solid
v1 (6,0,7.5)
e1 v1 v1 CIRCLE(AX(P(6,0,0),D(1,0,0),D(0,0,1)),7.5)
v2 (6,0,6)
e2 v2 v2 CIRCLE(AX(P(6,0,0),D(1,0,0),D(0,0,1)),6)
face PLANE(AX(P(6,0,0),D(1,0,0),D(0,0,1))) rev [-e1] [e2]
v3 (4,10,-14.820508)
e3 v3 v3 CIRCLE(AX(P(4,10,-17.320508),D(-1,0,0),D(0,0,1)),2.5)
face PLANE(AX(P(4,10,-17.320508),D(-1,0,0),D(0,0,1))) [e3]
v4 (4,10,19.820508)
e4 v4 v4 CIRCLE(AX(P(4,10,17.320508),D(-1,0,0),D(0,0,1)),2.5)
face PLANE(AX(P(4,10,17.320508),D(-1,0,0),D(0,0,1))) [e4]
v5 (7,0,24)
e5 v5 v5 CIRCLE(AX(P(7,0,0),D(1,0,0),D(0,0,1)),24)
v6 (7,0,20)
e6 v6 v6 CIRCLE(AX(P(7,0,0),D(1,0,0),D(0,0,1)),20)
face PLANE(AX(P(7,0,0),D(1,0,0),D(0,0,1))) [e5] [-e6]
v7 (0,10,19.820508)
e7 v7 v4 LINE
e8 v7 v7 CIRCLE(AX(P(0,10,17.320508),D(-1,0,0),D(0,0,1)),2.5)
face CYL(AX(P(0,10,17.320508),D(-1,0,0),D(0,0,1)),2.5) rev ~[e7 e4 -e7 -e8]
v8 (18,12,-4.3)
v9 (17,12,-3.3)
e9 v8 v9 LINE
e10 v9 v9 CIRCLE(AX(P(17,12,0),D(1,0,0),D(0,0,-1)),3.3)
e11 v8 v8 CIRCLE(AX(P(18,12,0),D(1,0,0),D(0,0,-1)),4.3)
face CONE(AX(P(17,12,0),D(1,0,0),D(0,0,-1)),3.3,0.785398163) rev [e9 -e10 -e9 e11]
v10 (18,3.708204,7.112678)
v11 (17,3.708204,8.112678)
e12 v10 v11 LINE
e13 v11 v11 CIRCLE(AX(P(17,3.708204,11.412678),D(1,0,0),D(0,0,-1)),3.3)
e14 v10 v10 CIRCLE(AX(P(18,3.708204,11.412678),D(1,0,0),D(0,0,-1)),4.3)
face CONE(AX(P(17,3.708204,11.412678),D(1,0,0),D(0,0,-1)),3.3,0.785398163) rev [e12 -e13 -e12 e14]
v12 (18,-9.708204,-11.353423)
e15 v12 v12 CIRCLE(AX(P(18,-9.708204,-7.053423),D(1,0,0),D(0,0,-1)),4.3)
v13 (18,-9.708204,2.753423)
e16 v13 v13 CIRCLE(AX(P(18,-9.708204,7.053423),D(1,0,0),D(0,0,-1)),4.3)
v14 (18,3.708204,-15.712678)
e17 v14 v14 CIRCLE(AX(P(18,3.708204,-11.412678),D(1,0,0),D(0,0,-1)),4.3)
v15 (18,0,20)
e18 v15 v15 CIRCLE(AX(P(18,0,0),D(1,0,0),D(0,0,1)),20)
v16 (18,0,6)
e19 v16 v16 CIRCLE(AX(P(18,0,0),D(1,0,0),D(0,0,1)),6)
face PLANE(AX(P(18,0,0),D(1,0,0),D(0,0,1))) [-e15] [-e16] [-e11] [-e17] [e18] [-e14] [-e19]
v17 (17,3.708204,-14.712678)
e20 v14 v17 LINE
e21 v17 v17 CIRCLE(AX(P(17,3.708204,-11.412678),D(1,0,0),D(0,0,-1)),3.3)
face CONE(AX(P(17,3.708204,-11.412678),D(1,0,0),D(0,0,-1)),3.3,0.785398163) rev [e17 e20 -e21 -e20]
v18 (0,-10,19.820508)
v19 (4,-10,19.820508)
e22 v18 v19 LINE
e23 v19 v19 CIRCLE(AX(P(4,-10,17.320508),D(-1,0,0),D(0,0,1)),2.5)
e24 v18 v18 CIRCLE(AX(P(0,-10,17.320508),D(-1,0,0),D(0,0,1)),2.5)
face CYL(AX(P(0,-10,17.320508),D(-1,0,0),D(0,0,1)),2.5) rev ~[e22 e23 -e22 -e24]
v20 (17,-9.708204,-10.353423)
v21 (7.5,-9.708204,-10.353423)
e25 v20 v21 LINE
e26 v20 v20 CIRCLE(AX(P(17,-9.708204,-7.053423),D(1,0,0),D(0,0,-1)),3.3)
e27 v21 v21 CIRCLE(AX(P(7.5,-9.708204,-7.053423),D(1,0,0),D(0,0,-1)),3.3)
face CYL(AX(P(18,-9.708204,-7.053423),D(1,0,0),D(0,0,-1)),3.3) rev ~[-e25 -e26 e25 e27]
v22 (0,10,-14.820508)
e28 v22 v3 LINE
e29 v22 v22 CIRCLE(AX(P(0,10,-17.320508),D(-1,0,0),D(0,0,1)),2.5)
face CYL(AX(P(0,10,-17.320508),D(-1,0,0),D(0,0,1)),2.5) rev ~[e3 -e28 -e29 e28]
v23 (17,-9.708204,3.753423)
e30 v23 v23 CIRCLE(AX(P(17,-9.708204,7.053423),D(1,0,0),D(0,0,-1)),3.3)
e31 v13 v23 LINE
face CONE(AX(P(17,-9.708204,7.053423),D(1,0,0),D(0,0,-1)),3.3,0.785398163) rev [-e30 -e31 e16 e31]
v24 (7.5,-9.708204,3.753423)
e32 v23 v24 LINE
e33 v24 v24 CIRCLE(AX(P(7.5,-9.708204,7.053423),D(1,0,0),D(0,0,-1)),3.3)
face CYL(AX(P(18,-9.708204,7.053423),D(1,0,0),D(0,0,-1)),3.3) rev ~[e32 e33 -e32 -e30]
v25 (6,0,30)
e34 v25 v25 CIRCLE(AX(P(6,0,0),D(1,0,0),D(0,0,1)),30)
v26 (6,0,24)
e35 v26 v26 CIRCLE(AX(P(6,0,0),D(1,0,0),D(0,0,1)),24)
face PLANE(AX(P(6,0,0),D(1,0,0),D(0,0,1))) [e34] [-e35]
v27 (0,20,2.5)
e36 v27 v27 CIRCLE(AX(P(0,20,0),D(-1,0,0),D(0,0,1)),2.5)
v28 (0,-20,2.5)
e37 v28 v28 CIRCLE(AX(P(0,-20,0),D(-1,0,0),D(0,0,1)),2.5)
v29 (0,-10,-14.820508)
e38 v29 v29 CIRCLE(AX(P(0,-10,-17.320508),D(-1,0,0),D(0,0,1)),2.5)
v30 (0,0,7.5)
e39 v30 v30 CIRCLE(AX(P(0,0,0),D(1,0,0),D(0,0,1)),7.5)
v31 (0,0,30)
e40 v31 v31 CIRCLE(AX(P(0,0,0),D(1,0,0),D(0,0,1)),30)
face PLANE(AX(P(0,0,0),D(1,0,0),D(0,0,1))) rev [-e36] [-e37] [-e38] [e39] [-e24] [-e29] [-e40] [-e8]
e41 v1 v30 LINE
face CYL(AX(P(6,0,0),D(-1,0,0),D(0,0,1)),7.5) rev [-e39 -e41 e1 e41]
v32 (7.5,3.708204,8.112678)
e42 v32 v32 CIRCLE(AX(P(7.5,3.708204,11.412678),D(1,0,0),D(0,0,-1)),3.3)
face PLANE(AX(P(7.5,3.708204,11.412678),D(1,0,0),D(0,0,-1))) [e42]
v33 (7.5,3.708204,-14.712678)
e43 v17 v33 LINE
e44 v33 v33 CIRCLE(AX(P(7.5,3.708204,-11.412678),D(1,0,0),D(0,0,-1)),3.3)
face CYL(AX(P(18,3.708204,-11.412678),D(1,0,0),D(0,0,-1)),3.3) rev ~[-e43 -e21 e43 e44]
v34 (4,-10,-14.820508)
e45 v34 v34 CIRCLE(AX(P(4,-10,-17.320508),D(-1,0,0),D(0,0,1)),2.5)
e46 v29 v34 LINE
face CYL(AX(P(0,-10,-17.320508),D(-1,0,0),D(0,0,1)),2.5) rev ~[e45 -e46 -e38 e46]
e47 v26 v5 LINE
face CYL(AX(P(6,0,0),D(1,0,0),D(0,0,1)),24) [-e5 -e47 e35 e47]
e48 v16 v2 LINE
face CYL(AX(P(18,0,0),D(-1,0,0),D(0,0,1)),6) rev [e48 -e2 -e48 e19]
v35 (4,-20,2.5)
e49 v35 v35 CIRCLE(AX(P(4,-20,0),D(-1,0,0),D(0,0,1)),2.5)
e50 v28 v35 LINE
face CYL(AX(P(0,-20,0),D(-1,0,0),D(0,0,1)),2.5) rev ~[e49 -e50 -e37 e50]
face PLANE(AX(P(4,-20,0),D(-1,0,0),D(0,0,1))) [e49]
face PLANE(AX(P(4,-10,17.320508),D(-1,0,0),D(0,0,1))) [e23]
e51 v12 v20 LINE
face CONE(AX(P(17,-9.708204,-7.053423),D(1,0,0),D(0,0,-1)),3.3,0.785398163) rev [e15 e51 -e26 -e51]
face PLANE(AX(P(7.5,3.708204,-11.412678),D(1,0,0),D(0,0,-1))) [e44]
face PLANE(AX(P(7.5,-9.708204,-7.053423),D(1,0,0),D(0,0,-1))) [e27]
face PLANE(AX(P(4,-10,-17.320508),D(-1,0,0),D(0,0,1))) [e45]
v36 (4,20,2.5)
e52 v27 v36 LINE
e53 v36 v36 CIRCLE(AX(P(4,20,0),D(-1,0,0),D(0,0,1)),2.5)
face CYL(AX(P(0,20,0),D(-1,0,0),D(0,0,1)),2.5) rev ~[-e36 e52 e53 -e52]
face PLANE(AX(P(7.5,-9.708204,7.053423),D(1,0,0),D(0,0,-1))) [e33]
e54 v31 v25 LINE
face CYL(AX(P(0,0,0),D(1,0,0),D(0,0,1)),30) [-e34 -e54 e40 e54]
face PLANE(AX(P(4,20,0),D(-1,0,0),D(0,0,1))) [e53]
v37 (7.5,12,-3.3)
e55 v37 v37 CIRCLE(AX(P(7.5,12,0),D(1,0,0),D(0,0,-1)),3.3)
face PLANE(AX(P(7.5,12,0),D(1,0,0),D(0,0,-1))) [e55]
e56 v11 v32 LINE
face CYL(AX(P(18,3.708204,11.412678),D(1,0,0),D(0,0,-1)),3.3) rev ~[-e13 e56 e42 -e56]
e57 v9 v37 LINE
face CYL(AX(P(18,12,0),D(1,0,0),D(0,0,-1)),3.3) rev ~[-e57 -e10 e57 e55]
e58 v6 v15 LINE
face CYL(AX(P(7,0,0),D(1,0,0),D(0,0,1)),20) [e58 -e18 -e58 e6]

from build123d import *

# Parameters (mm, degrees)
SKETCH2_R          = 2.5
CUT_EXTRUDE1_DEPTH = 4
SKETCH3_R          = 3.3
CUT_EXTRUDE2_DEPTH = 10.5
CHAMFER1_SIZE      = 1


with BuildPart() as part:
    # Sketch1 → Revolve1 (revolve)
    with BuildSketch(Plane.XY, mode=Mode.PRIVATE) as revolve1_sk:
        Polygon((0, 30), (6, 30), (6, 24), (7, 24), (7, 20), (18, 20), (18, 6), (6, 6), (6, 7.5), (0, 7.5), align=None)
    revolve(revolve1_sk.sketch.rotate(Axis((0, 0, 0), (1, 0, 0)), 90), axis=Axis((0, 0, 0), (1, 0, 0)))

    # Sketch2 → Cut-Extrude1 (cut)
    with BuildSketch(Plane.ZY):
        with Locations((0, 20)):
            Circle(SKETCH2_R)
        with Locations((17.320508076, 10)):
            Circle(SKETCH2_R)
        with Locations((17.320508076, -10)):
            Circle(SKETCH2_R)
        with Locations((0, -20)):
            Circle(SKETCH2_R)
        with Locations((-17.320508076, -10)):
            Circle(SKETCH2_R)
        with Locations((-17.320508076, 10)):
            Circle(SKETCH2_R)
    extrude(amount=-CUT_EXTRUDE1_DEPTH, mode=Mode.SUBTRACT)

    # Sketch3 → Cut-Extrude2 (cut)
    with BuildSketch(Plane(origin=(18, 0, 0), x_dir=(0, 0, -1), z_dir=(1, 0, 0))):
        with Locations((0, 12)):
            Circle(SKETCH3_R)
        with Locations((11.412678196, 3.708203932)):
            Circle(SKETCH3_R)
        with Locations((7.053423028, -9.708203932)):
            Circle(SKETCH3_R)
        with Locations((-7.053423028, -9.708203932)):
            Circle(SKETCH3_R)
        with Locations((-11.412678196, 3.708203932)):
            Circle(SKETCH3_R)
    extrude(amount=-CUT_EXTRUDE2_DEPTH, mode=Mode.SUBTRACT)

    # Chamfer1
    chamfer1_edges = [part.edges().sort_by_distance(p)[0] for p in [
        (18, 12, 3.3),
        (18, 3.708203932, -8.112678196),
        (18, -9.708203932, -3.753423028),
        (18, -9.708203932, 10.353423028),
        (18, 3.708203932, 14.712678196),
    ]]
    chamfer(chamfer1_edges, length=CHAMFER1_SIZE)


solid = part.part
